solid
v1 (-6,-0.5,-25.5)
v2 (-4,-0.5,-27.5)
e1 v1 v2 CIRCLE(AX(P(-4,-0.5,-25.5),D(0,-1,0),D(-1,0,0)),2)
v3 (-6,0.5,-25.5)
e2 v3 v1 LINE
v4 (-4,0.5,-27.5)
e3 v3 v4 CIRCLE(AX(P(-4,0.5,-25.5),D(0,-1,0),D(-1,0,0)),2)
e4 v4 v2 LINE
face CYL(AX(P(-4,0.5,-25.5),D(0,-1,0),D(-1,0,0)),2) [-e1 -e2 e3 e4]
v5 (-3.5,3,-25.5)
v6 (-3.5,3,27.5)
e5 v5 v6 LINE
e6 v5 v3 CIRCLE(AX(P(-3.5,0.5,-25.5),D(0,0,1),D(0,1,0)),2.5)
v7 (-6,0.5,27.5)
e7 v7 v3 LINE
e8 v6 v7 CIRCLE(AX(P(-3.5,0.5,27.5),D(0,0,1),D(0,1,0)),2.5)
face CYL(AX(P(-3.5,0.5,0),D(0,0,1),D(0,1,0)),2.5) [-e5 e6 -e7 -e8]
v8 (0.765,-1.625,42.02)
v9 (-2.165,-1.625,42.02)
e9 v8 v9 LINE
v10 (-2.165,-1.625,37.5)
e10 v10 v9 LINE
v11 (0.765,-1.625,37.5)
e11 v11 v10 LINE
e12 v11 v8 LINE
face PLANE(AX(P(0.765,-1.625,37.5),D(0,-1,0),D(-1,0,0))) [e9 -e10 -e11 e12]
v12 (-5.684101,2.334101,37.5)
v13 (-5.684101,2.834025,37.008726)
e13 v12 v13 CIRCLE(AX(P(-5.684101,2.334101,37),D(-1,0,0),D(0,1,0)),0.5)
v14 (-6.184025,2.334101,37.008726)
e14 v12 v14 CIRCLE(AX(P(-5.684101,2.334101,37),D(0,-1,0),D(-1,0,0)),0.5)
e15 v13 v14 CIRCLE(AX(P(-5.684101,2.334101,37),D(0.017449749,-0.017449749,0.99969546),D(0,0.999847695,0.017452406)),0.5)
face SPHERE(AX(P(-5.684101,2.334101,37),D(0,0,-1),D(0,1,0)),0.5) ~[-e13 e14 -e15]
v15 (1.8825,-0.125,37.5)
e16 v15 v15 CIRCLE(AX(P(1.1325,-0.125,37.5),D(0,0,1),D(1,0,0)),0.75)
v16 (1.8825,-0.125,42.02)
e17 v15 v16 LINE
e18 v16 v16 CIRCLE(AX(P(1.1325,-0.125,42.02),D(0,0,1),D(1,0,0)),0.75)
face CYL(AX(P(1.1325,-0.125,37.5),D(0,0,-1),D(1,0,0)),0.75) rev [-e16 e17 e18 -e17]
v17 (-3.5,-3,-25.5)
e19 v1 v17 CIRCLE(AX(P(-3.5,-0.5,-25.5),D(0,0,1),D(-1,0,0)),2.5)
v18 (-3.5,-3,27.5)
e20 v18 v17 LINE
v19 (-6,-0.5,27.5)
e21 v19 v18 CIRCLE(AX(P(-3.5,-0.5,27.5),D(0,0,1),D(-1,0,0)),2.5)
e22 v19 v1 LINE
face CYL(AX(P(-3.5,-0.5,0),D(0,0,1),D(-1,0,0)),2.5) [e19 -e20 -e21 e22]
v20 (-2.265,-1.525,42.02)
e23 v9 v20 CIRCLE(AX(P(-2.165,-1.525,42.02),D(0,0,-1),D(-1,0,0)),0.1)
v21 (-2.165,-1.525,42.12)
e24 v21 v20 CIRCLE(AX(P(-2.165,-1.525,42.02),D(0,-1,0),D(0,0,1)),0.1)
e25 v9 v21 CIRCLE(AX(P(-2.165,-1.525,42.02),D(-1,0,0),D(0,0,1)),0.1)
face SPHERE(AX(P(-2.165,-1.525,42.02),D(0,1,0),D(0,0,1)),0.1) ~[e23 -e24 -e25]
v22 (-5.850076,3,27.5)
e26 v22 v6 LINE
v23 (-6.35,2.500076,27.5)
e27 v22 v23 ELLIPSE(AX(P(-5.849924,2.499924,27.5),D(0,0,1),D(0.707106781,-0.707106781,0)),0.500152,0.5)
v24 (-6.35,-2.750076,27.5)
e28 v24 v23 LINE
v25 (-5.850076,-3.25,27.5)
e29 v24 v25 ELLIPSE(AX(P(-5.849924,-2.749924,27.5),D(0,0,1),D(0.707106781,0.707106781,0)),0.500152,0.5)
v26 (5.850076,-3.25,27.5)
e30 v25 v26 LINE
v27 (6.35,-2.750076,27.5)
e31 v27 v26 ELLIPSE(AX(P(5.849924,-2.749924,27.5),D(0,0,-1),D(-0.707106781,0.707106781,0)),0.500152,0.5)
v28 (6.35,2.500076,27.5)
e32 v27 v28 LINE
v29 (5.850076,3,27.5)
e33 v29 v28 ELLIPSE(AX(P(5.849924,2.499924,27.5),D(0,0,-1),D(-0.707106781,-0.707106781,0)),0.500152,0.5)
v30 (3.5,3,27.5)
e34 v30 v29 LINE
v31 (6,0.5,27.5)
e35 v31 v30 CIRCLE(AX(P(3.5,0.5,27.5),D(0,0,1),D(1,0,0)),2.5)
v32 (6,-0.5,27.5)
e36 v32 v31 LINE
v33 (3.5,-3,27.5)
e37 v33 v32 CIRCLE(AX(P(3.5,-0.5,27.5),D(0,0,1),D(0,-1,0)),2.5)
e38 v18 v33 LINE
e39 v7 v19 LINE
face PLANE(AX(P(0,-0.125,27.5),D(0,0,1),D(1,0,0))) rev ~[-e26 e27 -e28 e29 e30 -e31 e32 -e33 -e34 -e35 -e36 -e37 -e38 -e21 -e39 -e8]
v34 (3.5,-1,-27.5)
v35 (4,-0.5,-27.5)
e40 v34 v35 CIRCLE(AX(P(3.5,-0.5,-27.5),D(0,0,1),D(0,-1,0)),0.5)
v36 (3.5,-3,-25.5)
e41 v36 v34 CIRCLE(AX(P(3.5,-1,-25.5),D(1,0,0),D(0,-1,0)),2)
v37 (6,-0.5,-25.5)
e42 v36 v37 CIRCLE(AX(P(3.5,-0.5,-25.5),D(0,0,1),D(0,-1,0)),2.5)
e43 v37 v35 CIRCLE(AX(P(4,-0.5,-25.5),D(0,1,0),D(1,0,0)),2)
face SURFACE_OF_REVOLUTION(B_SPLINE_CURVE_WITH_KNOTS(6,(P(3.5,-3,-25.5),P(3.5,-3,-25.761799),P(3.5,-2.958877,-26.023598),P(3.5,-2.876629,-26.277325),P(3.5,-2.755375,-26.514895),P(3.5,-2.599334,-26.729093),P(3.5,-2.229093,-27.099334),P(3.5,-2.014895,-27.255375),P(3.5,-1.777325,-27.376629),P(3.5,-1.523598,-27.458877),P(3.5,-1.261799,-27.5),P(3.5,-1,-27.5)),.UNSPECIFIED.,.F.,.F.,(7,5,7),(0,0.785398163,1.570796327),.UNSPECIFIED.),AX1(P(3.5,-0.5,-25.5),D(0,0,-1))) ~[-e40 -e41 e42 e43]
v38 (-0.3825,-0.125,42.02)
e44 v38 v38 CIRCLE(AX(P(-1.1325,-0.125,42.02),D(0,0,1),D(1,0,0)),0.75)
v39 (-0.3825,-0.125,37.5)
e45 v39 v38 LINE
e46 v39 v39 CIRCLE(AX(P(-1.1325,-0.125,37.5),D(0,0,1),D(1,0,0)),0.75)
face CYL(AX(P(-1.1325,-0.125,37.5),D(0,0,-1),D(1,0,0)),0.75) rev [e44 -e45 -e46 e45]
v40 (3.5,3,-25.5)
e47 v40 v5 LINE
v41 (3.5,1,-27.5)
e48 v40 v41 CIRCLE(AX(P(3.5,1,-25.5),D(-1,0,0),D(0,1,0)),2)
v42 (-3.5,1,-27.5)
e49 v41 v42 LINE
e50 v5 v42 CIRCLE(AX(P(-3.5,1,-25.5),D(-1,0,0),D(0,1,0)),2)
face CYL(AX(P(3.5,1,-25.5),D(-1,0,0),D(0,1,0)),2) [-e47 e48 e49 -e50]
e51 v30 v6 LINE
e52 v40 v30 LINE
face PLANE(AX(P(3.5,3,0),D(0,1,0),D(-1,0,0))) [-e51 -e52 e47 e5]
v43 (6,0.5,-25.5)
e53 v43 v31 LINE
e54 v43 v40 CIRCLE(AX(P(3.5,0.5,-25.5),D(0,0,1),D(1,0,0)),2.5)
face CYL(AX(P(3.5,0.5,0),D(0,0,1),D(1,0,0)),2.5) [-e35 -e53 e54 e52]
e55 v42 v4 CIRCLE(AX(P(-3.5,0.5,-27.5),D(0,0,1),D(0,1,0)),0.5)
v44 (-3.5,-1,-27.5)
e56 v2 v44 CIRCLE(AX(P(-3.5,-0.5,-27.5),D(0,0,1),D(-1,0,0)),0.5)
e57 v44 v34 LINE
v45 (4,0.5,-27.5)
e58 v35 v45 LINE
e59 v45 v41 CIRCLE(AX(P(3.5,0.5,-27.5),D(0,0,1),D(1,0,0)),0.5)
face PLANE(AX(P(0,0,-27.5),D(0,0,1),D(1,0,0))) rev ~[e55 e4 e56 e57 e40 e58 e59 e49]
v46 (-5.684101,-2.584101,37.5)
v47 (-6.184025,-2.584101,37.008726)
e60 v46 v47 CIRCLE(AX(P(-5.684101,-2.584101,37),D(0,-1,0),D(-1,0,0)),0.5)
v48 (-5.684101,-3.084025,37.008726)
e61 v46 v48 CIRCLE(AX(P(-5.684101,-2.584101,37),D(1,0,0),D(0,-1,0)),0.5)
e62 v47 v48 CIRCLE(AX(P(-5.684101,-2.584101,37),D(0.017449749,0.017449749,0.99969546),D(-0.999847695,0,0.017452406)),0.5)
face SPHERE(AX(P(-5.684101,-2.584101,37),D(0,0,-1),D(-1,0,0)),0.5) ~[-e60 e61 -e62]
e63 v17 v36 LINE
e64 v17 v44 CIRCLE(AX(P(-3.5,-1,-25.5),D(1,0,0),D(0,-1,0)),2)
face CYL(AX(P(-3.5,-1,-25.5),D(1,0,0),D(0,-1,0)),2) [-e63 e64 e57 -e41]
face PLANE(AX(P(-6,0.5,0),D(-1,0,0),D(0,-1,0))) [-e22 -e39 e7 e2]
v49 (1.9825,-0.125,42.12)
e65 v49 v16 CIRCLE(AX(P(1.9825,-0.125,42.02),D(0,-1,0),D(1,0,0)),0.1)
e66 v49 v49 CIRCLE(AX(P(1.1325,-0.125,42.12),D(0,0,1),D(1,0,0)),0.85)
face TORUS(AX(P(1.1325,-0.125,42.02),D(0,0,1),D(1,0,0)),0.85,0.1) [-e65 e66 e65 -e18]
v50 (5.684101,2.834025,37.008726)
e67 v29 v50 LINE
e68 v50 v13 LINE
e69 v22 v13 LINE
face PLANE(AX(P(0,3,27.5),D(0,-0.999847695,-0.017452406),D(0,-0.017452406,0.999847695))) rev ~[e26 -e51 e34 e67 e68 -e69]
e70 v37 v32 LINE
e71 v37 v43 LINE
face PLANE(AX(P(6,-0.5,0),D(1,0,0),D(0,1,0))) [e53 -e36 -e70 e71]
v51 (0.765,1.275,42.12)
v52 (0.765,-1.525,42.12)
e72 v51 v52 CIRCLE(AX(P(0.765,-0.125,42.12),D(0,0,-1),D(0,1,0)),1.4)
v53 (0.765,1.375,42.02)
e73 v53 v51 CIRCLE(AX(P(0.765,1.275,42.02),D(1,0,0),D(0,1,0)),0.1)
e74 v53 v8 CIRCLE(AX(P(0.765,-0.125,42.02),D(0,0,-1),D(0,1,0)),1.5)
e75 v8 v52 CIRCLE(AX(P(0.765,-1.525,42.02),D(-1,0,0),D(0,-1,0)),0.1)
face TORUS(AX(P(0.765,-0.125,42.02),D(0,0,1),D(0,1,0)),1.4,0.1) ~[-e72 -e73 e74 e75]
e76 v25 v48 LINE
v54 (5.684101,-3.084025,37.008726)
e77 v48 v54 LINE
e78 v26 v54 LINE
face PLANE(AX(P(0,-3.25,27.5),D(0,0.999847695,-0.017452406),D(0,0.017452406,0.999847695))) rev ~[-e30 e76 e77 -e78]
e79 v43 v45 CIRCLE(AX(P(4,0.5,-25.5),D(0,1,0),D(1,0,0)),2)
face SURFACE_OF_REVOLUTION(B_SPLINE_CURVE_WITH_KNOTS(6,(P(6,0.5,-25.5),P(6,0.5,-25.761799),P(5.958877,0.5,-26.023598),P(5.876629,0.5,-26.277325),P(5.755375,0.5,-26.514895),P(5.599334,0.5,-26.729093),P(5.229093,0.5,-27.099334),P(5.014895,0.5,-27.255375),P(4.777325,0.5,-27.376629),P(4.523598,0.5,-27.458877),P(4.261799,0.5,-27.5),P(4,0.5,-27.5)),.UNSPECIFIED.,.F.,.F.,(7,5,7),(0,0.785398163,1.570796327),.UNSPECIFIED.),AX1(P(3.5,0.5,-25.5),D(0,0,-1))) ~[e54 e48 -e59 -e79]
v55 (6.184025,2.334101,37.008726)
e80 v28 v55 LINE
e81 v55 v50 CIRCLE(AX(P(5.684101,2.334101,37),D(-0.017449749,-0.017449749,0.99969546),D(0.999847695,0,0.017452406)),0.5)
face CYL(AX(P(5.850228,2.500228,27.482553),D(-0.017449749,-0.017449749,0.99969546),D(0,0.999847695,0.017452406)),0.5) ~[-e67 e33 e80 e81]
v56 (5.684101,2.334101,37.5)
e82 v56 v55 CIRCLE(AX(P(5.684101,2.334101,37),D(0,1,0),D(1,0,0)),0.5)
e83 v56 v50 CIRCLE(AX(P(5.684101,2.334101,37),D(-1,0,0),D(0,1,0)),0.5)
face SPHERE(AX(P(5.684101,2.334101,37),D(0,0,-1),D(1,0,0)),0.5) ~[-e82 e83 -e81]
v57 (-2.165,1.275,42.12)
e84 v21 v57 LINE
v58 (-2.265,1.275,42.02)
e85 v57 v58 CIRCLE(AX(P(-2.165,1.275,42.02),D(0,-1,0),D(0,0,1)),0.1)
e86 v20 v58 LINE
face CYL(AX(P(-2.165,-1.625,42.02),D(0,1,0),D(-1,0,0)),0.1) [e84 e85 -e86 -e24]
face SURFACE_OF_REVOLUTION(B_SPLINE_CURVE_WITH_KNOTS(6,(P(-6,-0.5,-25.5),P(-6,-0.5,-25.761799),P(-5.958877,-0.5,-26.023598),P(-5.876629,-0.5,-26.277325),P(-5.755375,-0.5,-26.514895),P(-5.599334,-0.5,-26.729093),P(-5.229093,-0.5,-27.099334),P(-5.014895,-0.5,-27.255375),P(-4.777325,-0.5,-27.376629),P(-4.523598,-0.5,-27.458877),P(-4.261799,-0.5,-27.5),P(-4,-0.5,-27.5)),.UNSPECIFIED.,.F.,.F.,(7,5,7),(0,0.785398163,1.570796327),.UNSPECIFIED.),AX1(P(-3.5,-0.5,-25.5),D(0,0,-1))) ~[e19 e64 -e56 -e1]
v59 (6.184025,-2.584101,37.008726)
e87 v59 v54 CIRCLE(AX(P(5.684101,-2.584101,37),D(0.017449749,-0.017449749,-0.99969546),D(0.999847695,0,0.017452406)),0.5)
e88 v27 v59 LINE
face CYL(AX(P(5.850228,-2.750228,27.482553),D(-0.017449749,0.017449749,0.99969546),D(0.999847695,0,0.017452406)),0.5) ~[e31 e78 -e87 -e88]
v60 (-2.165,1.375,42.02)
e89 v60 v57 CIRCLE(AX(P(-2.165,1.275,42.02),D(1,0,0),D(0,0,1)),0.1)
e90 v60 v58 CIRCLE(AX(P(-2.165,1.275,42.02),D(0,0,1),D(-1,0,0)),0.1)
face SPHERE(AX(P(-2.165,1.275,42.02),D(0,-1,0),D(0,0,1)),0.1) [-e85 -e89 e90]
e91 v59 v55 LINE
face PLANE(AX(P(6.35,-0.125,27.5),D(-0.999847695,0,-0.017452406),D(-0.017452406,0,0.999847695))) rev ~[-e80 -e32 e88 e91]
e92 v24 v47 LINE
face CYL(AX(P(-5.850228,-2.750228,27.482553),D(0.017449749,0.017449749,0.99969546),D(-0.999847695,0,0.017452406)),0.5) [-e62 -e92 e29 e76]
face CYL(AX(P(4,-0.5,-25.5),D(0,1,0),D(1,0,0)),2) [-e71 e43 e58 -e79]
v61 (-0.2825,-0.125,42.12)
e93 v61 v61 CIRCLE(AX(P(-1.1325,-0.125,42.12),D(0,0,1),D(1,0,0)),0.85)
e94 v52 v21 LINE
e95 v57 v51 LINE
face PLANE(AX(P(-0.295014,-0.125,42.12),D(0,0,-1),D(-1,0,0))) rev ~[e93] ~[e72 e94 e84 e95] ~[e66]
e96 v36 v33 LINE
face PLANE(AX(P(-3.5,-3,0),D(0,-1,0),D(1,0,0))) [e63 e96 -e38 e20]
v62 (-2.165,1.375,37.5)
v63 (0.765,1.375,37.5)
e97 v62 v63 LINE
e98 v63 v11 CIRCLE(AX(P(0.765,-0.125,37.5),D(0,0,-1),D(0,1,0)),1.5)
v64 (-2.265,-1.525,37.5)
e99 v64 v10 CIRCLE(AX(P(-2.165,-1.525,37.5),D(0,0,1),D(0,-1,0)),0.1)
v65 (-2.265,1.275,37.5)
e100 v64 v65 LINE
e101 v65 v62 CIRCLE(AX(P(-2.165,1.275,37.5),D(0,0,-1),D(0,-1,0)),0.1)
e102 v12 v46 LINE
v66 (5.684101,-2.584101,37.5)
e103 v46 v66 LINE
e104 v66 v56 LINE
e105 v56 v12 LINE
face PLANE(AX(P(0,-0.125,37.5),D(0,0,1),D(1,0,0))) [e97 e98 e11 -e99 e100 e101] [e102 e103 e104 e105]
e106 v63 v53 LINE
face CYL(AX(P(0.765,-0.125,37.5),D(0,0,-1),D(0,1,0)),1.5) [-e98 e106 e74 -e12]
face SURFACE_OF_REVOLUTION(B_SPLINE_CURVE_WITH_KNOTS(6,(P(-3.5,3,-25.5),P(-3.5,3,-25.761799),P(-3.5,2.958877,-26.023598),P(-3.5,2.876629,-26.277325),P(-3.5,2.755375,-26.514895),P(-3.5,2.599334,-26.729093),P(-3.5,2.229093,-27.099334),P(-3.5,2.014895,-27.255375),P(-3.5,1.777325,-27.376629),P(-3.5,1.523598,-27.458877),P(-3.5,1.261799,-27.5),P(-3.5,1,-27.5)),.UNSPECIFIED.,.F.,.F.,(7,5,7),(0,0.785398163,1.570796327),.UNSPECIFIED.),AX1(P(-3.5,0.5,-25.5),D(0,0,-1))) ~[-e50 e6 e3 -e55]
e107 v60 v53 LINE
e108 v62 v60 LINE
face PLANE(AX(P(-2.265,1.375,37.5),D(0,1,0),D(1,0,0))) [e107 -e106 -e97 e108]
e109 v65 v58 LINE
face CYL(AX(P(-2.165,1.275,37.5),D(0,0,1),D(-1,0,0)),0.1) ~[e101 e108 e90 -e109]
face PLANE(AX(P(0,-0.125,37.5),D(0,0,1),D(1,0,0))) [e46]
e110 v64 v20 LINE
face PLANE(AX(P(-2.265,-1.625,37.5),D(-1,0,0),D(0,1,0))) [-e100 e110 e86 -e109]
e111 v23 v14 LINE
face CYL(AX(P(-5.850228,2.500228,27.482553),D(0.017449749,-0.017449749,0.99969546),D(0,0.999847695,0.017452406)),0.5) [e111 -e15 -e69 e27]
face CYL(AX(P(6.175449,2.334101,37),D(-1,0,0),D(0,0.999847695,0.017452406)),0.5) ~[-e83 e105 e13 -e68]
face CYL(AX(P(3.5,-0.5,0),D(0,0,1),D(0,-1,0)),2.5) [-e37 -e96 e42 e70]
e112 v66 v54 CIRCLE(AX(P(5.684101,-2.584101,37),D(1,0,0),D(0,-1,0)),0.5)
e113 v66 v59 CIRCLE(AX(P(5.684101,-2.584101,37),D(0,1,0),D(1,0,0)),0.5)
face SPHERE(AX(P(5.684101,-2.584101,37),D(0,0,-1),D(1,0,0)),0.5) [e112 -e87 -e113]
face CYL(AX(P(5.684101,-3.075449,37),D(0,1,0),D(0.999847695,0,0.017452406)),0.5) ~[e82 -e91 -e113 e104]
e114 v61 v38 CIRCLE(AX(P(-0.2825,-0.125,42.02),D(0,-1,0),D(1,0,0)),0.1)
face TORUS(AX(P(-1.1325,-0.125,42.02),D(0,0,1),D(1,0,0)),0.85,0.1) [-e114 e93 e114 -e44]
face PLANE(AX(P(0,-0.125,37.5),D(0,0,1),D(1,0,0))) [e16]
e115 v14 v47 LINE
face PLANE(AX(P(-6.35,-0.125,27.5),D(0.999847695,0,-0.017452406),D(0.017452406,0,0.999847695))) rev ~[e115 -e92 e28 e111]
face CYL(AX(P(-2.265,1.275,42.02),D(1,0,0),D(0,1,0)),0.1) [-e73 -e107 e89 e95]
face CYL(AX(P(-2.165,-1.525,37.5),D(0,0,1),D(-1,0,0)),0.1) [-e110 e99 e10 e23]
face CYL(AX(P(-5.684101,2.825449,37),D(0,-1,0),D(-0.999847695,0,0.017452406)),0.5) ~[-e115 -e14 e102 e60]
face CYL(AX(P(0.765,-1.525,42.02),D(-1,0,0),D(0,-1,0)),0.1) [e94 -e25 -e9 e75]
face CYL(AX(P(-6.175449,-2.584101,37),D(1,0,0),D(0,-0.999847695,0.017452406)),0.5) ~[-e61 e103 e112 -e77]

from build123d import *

# Parameters (mm, degrees)
BOSS_EXTRUDE1_DEPTH = 27.5
SKETCH2_W           = 12.7
SKETCH2_H           = 6.25
BOSS_EXTRUDE2_DEPTH = 10
BOSS_EXTRUDE2_TAPER = 1
FILLET2_R           = 2
SKETCH4_R           = 0.75
BOSS_EXTRUDE4_DEPTH = 4.62
FILLET3_R           = 0.5
FILLET4_R           = 0.1


with BuildPart() as part:
    # Sketch1 → Boss-Extrude1 (new body, symmetric)
    with BuildSketch(Plane.XY):
        with BuildLine():
            Line((-3.5, -3), (3.5, -3))
            ThreePointArc((3.5, -3), (5.267766953, -2.267766953), (6, -0.5))
            Line((6, -0.5), (6, 0.5))
            ThreePointArc((6, 0.5), (5.267766953, 2.267766953), (3.5, 3))
            Line((3.5, 3), (-3.5, 3))
            ThreePointArc((-3.5, 3), (-5.267766953, 2.267766953), (-6, 0.5))
            Line((-6, 0.5), (-6, -0.5))
            ThreePointArc((-6, -0.5), (-5.267766953, -2.267766953), (-3.5, -3))
        make_face()
    extrude(amount=BOSS_EXTRUDE1_DEPTH, both=True)

    # Sketch2 → Boss-Extrude2 (add)
    with BuildSketch(Plane.XY.offset(27.5)):
        with Locations((0, -0.125)):
            Rectangle(SKETCH2_W, SKETCH2_H)
    extrude(amount=BOSS_EXTRUDE2_DEPTH, taper=BOSS_EXTRUDE2_TAPER)

    # Fillet2
    fillet2_edges = [part.edges().sort_by_distance(p)[0] for p in [
        (6, 0, -27.5),
        (5.267766953, -2.267766953, -27.5),
        (0, -3, -27.5),
        (-5.267766953, -2.267766953, -27.5),
        (-6, 0, -27.5),
        (-5.267766953, 2.267766953, -27.5),
        (0, 3, -27.5),
        (5.267766953, 2.267766953, -27.5),
    ]]
    fillet(fillet2_edges, radius=FILLET2_R)

    # Sketch4 → Boss-Extrude4 (add)
    with BuildSketch(Plane.XY.offset(37.5)):
        with BuildLine():
            Line((-2.265, 1.375), (0.765, 1.375))
            ThreePointArc((0.765, 1.375), (2.265, -0.125), (0.765, -1.625))
            Line((0.765, -1.625), (-2.265, -1.625))
            Line((-2.265, -1.625), (-2.265, 1.375))
        make_face()
        with Locations((-1.1325, -0.125)):
            Circle(SKETCH4_R, mode=Mode.SUBTRACT)
        with Locations((1.1325, -0.125)):
            Circle(SKETCH4_R, mode=Mode.SUBTRACT)
    extrude(amount=BOSS_EXTRUDE4_DEPTH)

    # Fillet3
    fillet3_edges = [part.edges().sort_by_distance(p)[0] for p in [
        (6.262724675, -3.162724675, 32.5),
        (6.262724675, 2.912724675, 32.5),
        (-6.262724675, 2.912724675, 32.5),
        (-6.262724213, -3.162724213, 32.500026465),
        (6.175449351, -0.125, 37.5),
        (0, 2.825449351, 37.5),
        (-6.175449351, -0.125, 37.5),
        (0, -3.075449351, 37.5),
    ]]
    fillet(fillet3_edges, radius=FILLET3_R)

    # Fillet4
    fillet4_edges = [part.edges().sort_by_distance(p)[0] for p in [
        (-2.265, -0.125, 42.12),
        (-0.75, -1.625, 42.12),
        (2.265, -0.125, 42.12),
        (-0.75, 1.375, 42.12),
        (-2.265, 1.375, 39.81),
        (-2.265, -1.625, 39.81),
        (-1.8825, -0.125, 42.12),
        (0.3825, -0.125, 42.12),
    ]]
    fillet(fillet4_edges, radius=FILLET4_R)


solid = part.part
